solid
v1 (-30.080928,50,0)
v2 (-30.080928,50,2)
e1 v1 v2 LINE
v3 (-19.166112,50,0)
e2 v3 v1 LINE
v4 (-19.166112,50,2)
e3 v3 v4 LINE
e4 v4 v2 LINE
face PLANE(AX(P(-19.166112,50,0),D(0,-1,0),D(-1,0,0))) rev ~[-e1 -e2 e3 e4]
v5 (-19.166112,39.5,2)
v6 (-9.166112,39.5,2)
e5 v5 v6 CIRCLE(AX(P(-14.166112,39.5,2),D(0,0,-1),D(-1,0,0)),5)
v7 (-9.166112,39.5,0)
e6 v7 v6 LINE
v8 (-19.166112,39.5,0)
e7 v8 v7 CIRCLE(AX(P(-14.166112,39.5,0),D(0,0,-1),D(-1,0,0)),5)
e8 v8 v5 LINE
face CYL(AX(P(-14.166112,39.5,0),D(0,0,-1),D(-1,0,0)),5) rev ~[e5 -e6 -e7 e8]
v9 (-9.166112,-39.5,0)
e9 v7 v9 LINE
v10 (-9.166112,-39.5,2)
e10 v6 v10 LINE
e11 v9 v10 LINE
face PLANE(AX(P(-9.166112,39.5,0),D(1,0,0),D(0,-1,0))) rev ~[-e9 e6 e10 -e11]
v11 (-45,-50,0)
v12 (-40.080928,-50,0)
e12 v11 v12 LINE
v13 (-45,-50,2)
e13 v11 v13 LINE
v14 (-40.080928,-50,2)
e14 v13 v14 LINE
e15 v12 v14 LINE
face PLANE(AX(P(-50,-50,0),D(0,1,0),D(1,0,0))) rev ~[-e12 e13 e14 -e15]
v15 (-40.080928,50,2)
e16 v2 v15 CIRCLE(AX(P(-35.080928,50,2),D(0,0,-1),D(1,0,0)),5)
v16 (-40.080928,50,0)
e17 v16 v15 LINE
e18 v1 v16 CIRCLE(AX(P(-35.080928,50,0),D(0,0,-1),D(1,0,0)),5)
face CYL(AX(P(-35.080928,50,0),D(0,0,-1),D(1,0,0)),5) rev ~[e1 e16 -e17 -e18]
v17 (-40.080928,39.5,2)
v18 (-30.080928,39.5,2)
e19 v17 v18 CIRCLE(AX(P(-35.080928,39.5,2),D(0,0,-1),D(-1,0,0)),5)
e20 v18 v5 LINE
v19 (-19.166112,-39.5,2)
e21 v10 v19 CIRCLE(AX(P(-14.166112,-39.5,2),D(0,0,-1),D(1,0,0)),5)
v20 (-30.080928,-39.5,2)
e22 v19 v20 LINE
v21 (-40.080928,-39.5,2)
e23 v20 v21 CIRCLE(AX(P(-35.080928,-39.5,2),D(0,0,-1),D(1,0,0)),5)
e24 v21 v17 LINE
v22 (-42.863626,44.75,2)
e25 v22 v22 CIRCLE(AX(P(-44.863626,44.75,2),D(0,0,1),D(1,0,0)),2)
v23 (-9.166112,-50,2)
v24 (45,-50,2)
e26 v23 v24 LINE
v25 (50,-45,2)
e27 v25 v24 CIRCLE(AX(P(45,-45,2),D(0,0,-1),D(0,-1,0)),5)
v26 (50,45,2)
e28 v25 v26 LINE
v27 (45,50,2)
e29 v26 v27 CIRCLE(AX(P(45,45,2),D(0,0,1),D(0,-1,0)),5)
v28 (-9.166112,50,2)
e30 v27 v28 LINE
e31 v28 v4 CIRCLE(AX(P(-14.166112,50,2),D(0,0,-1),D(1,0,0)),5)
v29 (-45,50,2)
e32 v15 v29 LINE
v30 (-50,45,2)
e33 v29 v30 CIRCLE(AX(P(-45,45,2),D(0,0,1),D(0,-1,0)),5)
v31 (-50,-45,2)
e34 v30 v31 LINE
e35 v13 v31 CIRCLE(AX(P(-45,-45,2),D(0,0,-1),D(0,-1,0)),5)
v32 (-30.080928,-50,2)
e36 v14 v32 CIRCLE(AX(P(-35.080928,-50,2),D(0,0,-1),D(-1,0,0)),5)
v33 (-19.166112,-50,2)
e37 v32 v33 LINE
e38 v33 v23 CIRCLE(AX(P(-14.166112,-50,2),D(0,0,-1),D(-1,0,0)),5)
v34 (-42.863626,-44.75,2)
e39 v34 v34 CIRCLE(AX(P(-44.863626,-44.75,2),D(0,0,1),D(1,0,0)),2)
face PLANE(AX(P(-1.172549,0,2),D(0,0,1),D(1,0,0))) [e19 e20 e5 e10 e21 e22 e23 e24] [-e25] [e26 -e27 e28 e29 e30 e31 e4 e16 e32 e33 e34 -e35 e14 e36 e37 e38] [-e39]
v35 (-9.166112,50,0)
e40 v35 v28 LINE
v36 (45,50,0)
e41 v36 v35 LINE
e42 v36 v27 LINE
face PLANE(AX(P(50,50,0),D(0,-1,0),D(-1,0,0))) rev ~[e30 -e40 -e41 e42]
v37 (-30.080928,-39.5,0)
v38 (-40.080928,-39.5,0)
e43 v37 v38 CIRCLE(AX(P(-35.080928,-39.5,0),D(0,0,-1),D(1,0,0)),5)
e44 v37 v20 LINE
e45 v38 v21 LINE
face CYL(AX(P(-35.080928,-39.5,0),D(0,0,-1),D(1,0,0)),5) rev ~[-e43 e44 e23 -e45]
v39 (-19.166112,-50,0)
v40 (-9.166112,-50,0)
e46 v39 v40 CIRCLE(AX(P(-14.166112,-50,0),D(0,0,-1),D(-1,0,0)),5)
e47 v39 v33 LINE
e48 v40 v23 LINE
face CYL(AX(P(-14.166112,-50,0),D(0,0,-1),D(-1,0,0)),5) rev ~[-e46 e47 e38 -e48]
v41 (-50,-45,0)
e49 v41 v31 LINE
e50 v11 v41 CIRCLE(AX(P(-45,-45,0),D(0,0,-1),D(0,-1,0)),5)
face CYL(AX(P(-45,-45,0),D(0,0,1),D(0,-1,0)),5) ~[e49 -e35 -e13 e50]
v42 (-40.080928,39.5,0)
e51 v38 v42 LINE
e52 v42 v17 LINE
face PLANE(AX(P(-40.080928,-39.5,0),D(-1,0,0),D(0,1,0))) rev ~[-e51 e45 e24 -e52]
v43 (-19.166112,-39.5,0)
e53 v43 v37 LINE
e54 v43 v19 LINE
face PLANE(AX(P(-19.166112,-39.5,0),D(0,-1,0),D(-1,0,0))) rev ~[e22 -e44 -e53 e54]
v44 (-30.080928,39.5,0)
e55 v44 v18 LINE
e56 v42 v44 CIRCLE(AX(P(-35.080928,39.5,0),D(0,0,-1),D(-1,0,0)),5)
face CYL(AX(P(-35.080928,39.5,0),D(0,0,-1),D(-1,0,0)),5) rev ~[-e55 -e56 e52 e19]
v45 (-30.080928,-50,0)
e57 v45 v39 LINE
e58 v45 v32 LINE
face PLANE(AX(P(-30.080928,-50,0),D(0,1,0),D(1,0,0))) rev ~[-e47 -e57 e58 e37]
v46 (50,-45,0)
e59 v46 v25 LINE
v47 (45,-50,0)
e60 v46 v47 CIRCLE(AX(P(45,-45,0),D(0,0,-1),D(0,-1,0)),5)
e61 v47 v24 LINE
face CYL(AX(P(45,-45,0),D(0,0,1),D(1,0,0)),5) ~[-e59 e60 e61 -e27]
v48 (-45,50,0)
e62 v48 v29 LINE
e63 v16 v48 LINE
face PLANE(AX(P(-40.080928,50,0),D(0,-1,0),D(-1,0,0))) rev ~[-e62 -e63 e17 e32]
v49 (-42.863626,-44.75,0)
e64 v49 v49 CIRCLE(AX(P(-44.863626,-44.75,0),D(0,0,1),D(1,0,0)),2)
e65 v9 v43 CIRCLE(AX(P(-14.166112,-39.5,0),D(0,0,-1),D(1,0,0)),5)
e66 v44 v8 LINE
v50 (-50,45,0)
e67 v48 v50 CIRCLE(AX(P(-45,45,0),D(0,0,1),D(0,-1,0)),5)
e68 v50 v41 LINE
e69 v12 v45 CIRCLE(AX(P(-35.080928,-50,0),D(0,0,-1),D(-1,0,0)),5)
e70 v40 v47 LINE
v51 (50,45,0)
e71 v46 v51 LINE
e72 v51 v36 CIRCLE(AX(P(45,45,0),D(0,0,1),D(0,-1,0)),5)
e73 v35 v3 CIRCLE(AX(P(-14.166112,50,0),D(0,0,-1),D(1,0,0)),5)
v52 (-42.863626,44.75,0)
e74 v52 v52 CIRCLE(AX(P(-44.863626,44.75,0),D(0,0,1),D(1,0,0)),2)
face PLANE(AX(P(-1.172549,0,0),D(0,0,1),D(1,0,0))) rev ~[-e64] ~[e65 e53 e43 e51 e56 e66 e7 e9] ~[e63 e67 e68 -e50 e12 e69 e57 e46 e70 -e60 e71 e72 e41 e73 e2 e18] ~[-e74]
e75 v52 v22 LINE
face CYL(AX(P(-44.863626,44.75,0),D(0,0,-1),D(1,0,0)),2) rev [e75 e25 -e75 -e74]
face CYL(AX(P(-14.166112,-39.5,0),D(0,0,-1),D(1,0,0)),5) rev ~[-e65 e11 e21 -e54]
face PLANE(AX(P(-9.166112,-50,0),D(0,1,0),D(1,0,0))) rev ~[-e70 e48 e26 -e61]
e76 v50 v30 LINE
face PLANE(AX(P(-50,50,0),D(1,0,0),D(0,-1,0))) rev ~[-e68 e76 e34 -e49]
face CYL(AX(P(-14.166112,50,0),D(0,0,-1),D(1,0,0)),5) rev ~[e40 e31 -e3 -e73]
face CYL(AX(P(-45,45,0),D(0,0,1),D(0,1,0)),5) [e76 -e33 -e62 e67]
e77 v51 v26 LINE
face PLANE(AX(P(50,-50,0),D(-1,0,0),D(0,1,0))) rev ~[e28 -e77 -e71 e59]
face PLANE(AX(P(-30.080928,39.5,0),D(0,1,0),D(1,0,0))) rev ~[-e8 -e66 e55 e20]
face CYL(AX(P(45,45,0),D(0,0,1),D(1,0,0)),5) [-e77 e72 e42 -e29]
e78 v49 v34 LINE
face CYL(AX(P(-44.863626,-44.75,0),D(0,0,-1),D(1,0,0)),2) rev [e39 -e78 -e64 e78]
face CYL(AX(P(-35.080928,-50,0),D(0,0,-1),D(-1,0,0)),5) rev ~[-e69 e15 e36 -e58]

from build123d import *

# Parameters (mm, degrees)
F0_R     = 2
F1_DEPTH = 2
F2_R     = 5


with BuildPart() as f1:
    # F0 (on Top) → F1 (new body)
    with BuildSketch(Plane.XY):
        with BuildLine():
            Line((50, -50), (50, 50))
            Line((50, 50), (-9.166112, 50))
            ThreePointArc((-9.166112, 50), (-14.166112, 45), (-19.166112, 50))
            Line((-19.166112, 50), (-30.080928, 50))
            ThreePointArc((-30.080928, 50), (-35.080928, 45), (-40.080928, 50))
            Line((-40.080928, 50), (-50, 50))
            Line((-50, 50), (-50, -50))
            Line((-50, -50), (-40.080928, -50))
            ThreePointArc((-40.080928, -50), (-35.080928, -45), (-30.080928, -50))
            Line((-30.080928, -50), (-19.166112, -50))
            ThreePointArc((-19.166112, -50), (-14.166112, -45), (-9.166112, -50))
            Line((-9.166112, -50), (50, -50))
        make_face()
        with Locations((-44.863626, -44.75)):
            Circle(F0_R, mode=Mode.SUBTRACT)
        with BuildLine():
            ThreePointArc((-40.080928, 39.5), (-35.080928, 44.5), (-30.080928, 39.5))
            Line((-30.080928, 39.5), (-19.166112, 39.5))
            ThreePointArc((-19.166112, 39.5), (-14.166112, 44.5), (-9.166112, 39.5))
            Line((-9.166112, 39.5), (-9.166112, -39.5))
            ThreePointArc((-9.166112, -39.5), (-14.166112, -44.5), (-19.166112, -39.5))
            Line((-19.166112, -39.5), (-30.080928, -39.5))
            ThreePointArc((-30.080928, -39.5), (-35.080928, -44.5), (-40.080928, -39.5))
            Line((-40.080928, -39.5), (-40.080928, 39.5))
        make_face(mode=Mode.SUBTRACT)
        with Locations((-44.863626, 44.75)):
            Circle(F0_R, mode=Mode.SUBTRACT)
    extrude(amount=F1_DEPTH)

    # F2
    f2_edges = [f1.edges().sort_by_distance(p)[0] for p in [
        (50, -50, 1),
        (50, 50, 1),
        (-50, -50, 1),
        (-50, 50, 1),
    ]]
    fillet(f2_edges, radius=F2_R)


solid = f1.part
